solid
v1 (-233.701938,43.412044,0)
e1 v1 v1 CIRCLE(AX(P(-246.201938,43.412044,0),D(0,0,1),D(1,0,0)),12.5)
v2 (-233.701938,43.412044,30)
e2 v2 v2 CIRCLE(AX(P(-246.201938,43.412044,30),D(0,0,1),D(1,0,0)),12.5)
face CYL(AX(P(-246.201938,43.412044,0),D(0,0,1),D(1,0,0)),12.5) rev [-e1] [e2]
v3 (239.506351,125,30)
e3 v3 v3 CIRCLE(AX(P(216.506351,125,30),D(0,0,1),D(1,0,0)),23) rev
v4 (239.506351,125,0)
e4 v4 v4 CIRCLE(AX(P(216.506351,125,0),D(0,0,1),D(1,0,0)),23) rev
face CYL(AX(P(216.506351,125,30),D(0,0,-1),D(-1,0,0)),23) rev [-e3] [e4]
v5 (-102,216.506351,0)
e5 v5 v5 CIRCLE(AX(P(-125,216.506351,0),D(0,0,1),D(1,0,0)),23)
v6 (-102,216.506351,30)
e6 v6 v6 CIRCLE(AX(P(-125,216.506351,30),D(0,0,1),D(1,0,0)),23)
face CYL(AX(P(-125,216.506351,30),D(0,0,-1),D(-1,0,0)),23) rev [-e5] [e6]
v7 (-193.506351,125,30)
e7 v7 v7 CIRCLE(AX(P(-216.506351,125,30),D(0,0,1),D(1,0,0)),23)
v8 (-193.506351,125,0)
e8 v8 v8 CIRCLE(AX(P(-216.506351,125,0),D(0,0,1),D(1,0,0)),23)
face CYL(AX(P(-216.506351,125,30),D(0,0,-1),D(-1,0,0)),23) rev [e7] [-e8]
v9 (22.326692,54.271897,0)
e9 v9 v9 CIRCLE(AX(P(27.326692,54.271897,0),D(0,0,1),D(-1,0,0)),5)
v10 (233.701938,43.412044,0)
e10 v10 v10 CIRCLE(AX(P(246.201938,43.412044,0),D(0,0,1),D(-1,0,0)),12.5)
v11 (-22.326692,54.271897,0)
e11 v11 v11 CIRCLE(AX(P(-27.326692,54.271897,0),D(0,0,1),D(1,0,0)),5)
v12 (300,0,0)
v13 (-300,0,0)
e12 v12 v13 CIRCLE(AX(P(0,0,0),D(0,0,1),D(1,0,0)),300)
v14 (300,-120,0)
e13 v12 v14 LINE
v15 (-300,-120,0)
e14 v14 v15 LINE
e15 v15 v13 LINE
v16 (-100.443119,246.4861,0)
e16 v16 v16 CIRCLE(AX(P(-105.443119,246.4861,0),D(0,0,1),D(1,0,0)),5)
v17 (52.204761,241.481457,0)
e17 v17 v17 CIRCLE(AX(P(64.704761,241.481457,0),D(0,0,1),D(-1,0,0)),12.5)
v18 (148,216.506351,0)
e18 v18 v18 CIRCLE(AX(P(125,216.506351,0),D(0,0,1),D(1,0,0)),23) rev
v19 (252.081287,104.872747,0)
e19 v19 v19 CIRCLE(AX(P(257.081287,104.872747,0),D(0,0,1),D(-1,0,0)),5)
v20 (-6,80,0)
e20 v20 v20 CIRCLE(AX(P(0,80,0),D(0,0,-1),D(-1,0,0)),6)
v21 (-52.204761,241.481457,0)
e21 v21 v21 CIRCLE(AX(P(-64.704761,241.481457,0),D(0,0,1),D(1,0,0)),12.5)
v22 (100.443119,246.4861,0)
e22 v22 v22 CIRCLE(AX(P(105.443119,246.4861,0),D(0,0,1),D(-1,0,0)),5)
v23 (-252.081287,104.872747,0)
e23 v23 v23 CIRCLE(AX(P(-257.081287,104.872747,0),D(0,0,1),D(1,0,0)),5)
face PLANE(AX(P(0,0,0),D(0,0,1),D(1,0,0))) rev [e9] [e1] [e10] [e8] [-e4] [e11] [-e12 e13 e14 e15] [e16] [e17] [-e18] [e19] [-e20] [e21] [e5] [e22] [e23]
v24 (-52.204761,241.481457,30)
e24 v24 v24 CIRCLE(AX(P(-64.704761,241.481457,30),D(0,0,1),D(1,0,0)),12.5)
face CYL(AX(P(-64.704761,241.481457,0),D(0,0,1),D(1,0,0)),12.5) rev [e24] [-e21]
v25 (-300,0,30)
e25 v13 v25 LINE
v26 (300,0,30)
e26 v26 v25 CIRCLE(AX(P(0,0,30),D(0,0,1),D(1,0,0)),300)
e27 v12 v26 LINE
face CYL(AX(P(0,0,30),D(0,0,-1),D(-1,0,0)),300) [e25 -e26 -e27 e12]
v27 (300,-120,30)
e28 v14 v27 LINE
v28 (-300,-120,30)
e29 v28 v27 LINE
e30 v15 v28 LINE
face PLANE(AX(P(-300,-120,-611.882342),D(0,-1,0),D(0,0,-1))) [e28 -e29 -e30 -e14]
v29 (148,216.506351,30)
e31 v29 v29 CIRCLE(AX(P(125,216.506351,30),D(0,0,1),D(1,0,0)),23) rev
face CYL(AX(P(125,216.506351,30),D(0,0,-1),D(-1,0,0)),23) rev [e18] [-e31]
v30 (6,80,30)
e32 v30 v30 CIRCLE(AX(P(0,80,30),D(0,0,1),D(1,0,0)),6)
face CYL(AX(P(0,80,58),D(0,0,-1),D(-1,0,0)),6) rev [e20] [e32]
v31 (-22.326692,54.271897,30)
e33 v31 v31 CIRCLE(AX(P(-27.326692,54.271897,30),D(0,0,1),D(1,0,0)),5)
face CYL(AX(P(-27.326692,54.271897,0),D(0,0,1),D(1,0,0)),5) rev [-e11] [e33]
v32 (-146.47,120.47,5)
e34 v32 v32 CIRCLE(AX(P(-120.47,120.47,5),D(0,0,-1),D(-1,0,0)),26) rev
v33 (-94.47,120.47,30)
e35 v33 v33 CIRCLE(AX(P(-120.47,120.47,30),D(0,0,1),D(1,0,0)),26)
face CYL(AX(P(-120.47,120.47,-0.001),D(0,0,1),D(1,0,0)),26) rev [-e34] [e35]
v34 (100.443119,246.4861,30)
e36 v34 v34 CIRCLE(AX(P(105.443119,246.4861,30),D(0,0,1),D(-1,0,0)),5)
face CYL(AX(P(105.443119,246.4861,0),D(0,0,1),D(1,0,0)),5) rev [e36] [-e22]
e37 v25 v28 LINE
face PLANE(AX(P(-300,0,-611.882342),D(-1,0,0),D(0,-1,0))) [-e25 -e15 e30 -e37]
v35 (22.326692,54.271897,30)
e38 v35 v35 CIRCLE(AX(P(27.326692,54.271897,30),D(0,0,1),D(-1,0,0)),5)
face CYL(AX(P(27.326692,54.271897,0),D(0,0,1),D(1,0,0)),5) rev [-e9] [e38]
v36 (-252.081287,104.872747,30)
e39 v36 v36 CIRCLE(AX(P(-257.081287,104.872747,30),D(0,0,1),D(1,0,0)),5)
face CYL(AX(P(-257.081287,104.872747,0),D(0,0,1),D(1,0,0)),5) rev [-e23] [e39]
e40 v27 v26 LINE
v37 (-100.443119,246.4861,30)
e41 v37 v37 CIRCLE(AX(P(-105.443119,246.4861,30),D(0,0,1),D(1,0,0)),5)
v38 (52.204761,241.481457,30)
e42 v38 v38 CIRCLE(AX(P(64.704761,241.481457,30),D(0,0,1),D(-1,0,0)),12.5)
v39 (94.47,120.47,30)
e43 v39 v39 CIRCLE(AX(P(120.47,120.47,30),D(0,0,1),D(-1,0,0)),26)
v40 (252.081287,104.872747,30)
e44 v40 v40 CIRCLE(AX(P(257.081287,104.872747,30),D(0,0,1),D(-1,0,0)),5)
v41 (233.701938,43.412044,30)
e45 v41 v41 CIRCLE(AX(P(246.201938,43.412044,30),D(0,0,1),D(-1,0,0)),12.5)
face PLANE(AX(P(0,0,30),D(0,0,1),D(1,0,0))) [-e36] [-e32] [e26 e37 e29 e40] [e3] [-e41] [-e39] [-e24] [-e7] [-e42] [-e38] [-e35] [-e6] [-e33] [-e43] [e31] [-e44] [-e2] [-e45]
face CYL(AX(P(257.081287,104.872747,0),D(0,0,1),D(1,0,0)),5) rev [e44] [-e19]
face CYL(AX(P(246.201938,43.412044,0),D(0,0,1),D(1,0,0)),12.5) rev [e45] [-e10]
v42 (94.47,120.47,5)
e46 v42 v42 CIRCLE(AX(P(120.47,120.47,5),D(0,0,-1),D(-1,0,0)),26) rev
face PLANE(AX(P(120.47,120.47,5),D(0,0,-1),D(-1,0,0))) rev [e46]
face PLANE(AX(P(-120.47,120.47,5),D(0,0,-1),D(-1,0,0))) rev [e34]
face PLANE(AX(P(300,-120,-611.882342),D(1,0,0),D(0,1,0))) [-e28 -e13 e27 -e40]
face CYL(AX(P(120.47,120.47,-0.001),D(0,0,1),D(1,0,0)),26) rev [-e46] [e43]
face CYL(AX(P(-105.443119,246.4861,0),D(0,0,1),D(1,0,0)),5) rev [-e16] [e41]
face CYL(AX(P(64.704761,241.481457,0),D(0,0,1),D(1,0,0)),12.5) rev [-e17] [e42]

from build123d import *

# Parameters (mm, degrees)
SKETCH_1_R           = 23
EXTRUDE_1_DEPTH      = 30
CUT_EXTRUDE_1_DEPTH  = 50
SKETCH_10_R          = 12.5
CUT_EXTRUDE_6_DEPTH  = 426.323406363
SKETCH_15_R          = 5
CUT_EXTRUDE_8_DEPTH  = 426.323406363
SKETCH_16_W          = 600
SKETCH_16_H          = 120
EXTRUDE_2_DEPTH      = 30
CUT_EXTRUDE_9_REACH  = 427.323
SKETCH_17_R          = 26
EXTRUDE_START        = -5
SKETCH_18_R          = 26
EXTRUDE_3_DEPTH      = 5
SKETCH_19_R          = 6
CUT_EXTRUDE_10_DEPTH = 58


with BuildPart() as part:
    # 草图1 → 凸台-拉伸1 (new body)
    with BuildSketch(Plane.XY):
        with BuildLine():
            Line((0, 0), (-295.442325904, -52.0944533))
            ThreePointArc((-295.442325904, -52.0944533), (0, 300), (295.442325904, -52.0944533))
            Line((295.442325904, -52.0944533), (0, 0))
        make_face()
        with Locations((-125, 216.506350946)):
            Circle(SKETCH_1_R, mode=Mode.SUBTRACT)
        with Locations((-216.506350946, 125)):
            Circle(SKETCH_1_R, mode=Mode.SUBTRACT)
        with Locations((216.506350946, 125)):
            Circle(SKETCH_1_R, mode=Mode.SUBTRACT)
        with Locations((125, 216.506350946)):
            Circle(SKETCH_1_R, mode=Mode.SUBTRACT)
    extrude(amount=EXTRUDE_1_DEPTH)

    # 草图2 → 切除-拉伸1 (cut)
    with BuildSketch(Plane.XY.offset(30)):
        with BuildLine():
            Line((0, 0), (-250, 0))
            ThreePointArc((-250, 0), (0, -250), (250, 0))
            Line((250, 0), (0, 0))
        make_face()
    extrude(amount=-CUT_EXTRUDE_1_DEPTH, mode=Mode.SUBTRACT)

    # 草图10 → 切除-拉伸6 (cut, through all)
    with BuildSketch(Plane.XY.offset(30)):
        with Locations((-246.201938253, 43.412044417)):
            Circle(SKETCH_10_R)
        with Locations(Location((246.201938253, 43.412044417, 0), (0, 0, 180))):
            Circle(SKETCH_10_R)
        with Locations((-64.704761276, 241.481456572)):
            Circle(SKETCH_10_R)
        with Locations(Location((64.704761276, 241.481456572, 0), (0, 0, 180))):
            Circle(SKETCH_10_R)
    extrude(amount=-CUT_EXTRUDE_6_DEPTH, mode=Mode.SUBTRACT)

    # 草图15 → 切除-拉伸8 (cut, through all)
    with BuildSketch(Plane.XY.offset(30)):
        with Locations((-257.081286775, 104.872747053)):
            Circle(SKETCH_15_R)
        with Locations((-105.443118667, 246.486099918)):
            Circle(SKETCH_15_R)
        with Locations((-27.326692423, 54.2718973)):
            Circle(SKETCH_15_R)
        with Locations(Location((27.326692423, 54.2718973, 0), (0, 0, 180))):
            Circle(SKETCH_15_R)
        with Locations(Location((105.443118667, 246.486099918, 0), (0, 0, 180))):
            Circle(SKETCH_15_R)
        with Locations(Location((257.081286775, 104.872747053, 0), (0, 0, 180))):
            Circle(SKETCH_15_R)
    extrude(amount=-CUT_EXTRUDE_8_DEPTH, mode=Mode.SUBTRACT)

    # 草图16 → 凸台-拉伸2 (add)
    with BuildSketch(Plane.XY.offset(30)):
        with Locations((0, -60)):
            Rectangle(SKETCH_16_W, SKETCH_16_H)
    extrude(amount=-EXTRUDE_2_DEPTH)

    # 草图17 → 切除-拉伸9 (cut, up to next)
    with BuildSketch(Plane.XY.offset(30), mode=Mode.PRIVATE) as cut_extrude_9_sk1:
        with Locations((-120.47, 120.47)):
            Circle(SKETCH_17_R)
    cut_extrude_9_tool1 = extrude(cut_extrude_9_sk1.sketch, amount=-CUT_EXTRUDE_9_REACH, mode=Mode.PRIVATE) & part.part
    # 草图17 → 切除-拉伸9 (cut, up to next)
    with BuildSketch(Plane.XY.offset(30), mode=Mode.PRIVATE) as cut_extrude_9_sk2:
        with Locations((120.47, 120.47)):
            Circle(SKETCH_17_R)
    cut_extrude_9_tool2 = extrude(cut_extrude_9_sk2.sketch, amount=-CUT_EXTRUDE_9_REACH, mode=Mode.PRIVATE) & part.part
    add(cut_extrude_9_tool1.solids().sort_by_distance((-120.47, 120.47, 30))[0], mode=Mode.SUBTRACT)
    add(cut_extrude_9_tool2.solids().sort_by_distance((120.47, 120.47, 30))[0], mode=Mode.SUBTRACT)

    # 草图18 → 凸台-拉伸3 (add)
    with BuildSketch(Plane(origin=(0, 0, 0), x_dir=(-1, 0, 0), z_dir=(0, 0, -1)).offset(EXTRUDE_START)):
        with Locations(Location((120.47, 120.47, 0), (0, 0, 180))):
            Circle(SKETCH_18_R)
        with Locations((-120.47, 120.47)):
            Circle(SKETCH_18_R)
    extrude(amount=EXTRUDE_3_DEPTH)

    # 草图19 → 切除-拉伸10 (cut)
    with BuildSketch(Plane(origin=(0, 0, 0), x_dir=(-1, 0, 0), z_dir=(0, 0, -1))):
        with Locations((0, 80)):
            Circle(SKETCH_19_R)
    extrude(amount=-CUT_EXTRUDE_10_DEPTH, mode=Mode.SUBTRACT)


solid = part.part
